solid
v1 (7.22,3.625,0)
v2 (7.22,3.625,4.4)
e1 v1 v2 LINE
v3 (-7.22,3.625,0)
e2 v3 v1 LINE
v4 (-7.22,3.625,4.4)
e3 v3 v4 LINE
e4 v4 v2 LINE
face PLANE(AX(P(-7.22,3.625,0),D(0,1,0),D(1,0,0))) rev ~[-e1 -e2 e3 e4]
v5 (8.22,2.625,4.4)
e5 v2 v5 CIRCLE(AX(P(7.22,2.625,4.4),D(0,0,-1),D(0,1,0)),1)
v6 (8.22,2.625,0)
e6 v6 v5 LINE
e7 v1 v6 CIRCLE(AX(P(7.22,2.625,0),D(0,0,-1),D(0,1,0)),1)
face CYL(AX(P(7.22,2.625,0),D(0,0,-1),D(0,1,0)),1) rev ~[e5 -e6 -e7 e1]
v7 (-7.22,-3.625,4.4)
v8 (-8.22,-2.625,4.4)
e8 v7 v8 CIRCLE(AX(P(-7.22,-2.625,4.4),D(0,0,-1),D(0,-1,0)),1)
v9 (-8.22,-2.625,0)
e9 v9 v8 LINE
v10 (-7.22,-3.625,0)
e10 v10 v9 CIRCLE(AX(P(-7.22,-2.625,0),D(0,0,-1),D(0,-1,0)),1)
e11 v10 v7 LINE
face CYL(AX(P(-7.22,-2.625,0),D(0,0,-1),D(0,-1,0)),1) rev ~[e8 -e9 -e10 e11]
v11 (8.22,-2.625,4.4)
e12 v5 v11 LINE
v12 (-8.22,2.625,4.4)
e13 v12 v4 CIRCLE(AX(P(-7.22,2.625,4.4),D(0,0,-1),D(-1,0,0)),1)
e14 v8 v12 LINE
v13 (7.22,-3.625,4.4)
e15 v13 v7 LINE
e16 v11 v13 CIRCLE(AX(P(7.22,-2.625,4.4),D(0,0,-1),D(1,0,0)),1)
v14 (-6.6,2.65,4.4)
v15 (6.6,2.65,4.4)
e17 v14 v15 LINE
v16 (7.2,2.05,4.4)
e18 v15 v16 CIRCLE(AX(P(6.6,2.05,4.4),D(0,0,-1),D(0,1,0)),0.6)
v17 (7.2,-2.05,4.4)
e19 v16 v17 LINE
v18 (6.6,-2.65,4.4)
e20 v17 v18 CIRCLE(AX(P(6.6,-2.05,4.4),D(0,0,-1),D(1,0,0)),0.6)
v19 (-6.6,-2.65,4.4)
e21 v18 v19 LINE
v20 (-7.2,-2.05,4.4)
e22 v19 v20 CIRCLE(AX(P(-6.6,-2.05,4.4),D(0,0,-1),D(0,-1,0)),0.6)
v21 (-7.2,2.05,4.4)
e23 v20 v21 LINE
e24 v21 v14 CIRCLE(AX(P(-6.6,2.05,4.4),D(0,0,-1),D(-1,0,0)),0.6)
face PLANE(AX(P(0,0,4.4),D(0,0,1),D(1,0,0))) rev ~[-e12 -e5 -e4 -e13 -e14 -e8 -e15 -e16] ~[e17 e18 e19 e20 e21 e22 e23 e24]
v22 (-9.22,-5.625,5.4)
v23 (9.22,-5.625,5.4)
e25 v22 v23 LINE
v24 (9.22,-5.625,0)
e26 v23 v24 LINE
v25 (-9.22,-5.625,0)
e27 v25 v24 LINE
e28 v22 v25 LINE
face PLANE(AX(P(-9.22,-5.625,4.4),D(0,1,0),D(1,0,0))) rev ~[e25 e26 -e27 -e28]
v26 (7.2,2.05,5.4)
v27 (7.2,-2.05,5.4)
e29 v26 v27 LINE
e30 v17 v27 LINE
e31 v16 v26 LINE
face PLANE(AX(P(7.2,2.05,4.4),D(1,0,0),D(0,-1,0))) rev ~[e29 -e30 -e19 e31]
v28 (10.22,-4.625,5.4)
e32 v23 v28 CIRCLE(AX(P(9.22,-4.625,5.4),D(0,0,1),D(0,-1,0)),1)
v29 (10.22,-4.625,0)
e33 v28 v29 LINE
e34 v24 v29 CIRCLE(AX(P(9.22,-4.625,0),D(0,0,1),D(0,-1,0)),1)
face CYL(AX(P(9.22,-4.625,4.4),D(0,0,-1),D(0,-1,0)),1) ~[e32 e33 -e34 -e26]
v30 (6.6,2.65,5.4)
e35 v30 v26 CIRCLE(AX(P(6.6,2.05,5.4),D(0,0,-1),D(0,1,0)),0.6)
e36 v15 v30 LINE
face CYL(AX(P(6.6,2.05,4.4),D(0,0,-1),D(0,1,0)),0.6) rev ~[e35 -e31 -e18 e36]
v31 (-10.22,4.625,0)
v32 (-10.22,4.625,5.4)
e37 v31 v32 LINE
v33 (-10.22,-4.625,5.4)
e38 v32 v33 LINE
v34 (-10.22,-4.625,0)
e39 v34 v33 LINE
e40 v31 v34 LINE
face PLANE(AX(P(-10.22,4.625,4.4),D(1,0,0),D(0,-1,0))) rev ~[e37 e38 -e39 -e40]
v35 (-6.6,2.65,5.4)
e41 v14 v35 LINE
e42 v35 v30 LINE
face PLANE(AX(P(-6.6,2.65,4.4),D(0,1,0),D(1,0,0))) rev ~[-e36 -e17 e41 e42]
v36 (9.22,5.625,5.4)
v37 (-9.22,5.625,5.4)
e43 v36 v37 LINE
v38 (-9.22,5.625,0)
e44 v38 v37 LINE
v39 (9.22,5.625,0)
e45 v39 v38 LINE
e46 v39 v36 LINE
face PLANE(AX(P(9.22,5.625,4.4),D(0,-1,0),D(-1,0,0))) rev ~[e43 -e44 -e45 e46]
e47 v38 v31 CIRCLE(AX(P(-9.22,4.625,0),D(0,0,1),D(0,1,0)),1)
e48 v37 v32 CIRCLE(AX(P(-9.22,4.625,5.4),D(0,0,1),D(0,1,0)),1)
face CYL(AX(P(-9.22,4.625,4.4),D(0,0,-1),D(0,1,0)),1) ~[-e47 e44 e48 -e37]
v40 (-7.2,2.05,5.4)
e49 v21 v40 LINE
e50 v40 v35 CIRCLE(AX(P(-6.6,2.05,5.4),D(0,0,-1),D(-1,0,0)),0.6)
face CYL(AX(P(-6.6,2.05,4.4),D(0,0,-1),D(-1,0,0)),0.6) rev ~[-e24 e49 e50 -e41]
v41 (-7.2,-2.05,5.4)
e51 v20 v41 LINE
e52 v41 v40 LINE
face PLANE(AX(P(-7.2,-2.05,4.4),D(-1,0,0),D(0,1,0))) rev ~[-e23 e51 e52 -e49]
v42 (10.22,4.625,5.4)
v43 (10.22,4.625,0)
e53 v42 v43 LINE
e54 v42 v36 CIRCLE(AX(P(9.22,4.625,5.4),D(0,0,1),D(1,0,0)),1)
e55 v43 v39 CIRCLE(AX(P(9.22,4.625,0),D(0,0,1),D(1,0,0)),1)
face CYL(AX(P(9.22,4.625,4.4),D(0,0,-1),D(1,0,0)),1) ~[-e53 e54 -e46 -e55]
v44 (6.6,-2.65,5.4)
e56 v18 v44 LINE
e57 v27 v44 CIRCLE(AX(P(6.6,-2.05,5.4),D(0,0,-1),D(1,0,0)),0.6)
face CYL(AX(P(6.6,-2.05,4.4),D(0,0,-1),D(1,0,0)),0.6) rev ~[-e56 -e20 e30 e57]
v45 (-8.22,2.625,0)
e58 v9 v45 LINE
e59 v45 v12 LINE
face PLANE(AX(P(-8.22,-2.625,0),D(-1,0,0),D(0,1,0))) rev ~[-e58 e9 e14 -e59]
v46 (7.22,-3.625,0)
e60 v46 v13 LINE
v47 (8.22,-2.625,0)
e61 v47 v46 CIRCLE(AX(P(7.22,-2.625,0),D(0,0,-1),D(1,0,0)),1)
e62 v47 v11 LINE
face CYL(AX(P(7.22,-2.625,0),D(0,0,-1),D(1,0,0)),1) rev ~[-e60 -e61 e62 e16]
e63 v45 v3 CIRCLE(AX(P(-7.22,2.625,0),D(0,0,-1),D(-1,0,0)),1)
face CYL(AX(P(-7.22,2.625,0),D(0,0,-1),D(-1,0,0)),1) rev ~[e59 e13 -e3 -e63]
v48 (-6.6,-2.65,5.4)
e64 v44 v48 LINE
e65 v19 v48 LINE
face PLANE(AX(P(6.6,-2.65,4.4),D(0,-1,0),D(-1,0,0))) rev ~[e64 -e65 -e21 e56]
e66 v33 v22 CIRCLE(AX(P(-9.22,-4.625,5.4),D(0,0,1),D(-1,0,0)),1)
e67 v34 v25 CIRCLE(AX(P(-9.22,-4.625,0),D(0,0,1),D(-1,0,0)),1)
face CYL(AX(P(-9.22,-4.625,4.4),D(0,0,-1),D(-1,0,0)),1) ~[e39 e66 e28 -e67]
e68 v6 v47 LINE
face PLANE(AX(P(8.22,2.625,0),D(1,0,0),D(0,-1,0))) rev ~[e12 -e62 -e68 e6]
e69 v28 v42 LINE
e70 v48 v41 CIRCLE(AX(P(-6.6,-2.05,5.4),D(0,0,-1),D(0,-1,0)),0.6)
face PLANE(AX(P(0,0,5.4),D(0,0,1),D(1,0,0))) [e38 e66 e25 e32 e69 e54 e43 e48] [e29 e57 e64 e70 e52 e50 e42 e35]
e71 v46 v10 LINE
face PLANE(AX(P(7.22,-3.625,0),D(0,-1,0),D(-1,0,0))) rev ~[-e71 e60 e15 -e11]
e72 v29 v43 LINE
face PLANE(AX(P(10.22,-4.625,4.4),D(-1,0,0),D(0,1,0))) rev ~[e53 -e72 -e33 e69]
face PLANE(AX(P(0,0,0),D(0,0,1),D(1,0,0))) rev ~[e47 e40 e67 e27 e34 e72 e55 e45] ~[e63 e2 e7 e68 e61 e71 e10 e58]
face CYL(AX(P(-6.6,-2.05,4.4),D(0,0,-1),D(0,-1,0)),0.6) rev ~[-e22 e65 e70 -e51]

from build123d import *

# Parameters (mm, degrees)
F1_DEPTH = 4.4
F3_DEPTH = 1
F4_DEPTH = 1


with BuildPart() as f1:
    # F0 (on Top) → F1 (new body)
    with BuildSketch(Plane.XY):
        with BuildLine():
            ThreePointArc((10.22, 4.625), (9.9271067812, 5.3321067812), (9.22, 5.625))
            Line((9.22, 5.625), (-9.22, 5.625))
            ThreePointArc((-9.22, 5.625), (-9.9271067812, 5.3321067812), (-10.22, 4.625))
            Line((-10.22, 4.625), (-10.22, -4.625))
            ThreePointArc((-10.22, -4.625), (-9.9271067812, -5.3321067812), (-9.22, -5.625))
            Line((-9.22, -5.625), (9.22, -5.625))
            ThreePointArc((9.22, -5.625), (9.9271067812, -5.3321067812), (10.22, -4.625))
            Line((10.22, -4.625), (10.22, 4.625))
        make_face()
        with BuildLine():
            Line((-7.22, 3.625), (7.22, 3.625))
            ThreePointArc((7.22, 3.625), (7.9271067812, 3.3321067812), (8.22, 2.625))
            Line((8.22, 2.625), (8.22, -2.625))
            ThreePointArc((8.22, -2.625), (7.9271067812, -3.3321067812), (7.22, -3.625))
            Line((7.22, -3.625), (-7.22, -3.625))
            ThreePointArc((-7.22, -3.625), (-7.9271067812, -3.3321067812), (-8.22, -2.625))
            Line((-8.22, -2.625), (-8.22, 2.625))
            ThreePointArc((-8.22, 2.625), (-7.9271067812, 3.3321067812), (-7.22, 3.625))
        make_face(mode=Mode.SUBTRACT)
    extrude(amount=F1_DEPTH)

    # F2 (on face) → F3 (join)
    with BuildSketch(Plane.XY.offset(4.4)):
        with BuildLine():
            Line((7.22, 3.625), (-7.22, 3.625))
            ThreePointArc((-7.22, 3.625), (-7.9271067812, 3.3321067812), (-8.22, 2.625))
            Line((-8.22, 2.625), (-8.22, -2.625))
            ThreePointArc((-8.22, -2.625), (-7.9271067812, -3.3321067812), (-7.22, -3.625))
            Line((-7.22, -3.625), (7.22, -3.625))
            ThreePointArc((7.22, -3.625), (7.9271067812, -3.3321067812), (8.22, -2.625))
            Line((8.22, -2.625), (8.22, 2.625))
            ThreePointArc((8.22, 2.625), (7.9271067812, 3.3321067812), (7.22, 3.625))
        make_face()
        with BuildLine():
            ThreePointArc((7.2, -2.05), (7.0242640687, -2.4742640687), (6.6, -2.65))
            Line((6.6, -2.65), (-6.6, -2.65))
            ThreePointArc((-6.6, -2.65), (-7.0242640687, -2.4742640687), (-7.2, -2.05))
            Line((-7.2, -2.05), (-7.2, 2.05))
            ThreePointArc((-7.2, 2.05), (-7.0242640687, 2.4742640687), (-6.6, 2.65))
            Line((-6.6, 2.65), (6.6, 2.65))
            ThreePointArc((6.6, 2.65), (7.0242640687, 2.4742640687), (7.2, 2.05))
            Line((7.2, 2.05), (7.2, -2.05))
        make_face(mode=Mode.SUBTRACT)
    extrude(amount=F3_DEPTH)

    # F4 (add): a face of the model
    f4_faces = [f1.faces().sort_by_distance(p)[0] for p in [
        (9.9866855984, 0, 4.4),
    ]]
    extrude(f4_faces, amount=F4_DEPTH)


solid = f1.part
